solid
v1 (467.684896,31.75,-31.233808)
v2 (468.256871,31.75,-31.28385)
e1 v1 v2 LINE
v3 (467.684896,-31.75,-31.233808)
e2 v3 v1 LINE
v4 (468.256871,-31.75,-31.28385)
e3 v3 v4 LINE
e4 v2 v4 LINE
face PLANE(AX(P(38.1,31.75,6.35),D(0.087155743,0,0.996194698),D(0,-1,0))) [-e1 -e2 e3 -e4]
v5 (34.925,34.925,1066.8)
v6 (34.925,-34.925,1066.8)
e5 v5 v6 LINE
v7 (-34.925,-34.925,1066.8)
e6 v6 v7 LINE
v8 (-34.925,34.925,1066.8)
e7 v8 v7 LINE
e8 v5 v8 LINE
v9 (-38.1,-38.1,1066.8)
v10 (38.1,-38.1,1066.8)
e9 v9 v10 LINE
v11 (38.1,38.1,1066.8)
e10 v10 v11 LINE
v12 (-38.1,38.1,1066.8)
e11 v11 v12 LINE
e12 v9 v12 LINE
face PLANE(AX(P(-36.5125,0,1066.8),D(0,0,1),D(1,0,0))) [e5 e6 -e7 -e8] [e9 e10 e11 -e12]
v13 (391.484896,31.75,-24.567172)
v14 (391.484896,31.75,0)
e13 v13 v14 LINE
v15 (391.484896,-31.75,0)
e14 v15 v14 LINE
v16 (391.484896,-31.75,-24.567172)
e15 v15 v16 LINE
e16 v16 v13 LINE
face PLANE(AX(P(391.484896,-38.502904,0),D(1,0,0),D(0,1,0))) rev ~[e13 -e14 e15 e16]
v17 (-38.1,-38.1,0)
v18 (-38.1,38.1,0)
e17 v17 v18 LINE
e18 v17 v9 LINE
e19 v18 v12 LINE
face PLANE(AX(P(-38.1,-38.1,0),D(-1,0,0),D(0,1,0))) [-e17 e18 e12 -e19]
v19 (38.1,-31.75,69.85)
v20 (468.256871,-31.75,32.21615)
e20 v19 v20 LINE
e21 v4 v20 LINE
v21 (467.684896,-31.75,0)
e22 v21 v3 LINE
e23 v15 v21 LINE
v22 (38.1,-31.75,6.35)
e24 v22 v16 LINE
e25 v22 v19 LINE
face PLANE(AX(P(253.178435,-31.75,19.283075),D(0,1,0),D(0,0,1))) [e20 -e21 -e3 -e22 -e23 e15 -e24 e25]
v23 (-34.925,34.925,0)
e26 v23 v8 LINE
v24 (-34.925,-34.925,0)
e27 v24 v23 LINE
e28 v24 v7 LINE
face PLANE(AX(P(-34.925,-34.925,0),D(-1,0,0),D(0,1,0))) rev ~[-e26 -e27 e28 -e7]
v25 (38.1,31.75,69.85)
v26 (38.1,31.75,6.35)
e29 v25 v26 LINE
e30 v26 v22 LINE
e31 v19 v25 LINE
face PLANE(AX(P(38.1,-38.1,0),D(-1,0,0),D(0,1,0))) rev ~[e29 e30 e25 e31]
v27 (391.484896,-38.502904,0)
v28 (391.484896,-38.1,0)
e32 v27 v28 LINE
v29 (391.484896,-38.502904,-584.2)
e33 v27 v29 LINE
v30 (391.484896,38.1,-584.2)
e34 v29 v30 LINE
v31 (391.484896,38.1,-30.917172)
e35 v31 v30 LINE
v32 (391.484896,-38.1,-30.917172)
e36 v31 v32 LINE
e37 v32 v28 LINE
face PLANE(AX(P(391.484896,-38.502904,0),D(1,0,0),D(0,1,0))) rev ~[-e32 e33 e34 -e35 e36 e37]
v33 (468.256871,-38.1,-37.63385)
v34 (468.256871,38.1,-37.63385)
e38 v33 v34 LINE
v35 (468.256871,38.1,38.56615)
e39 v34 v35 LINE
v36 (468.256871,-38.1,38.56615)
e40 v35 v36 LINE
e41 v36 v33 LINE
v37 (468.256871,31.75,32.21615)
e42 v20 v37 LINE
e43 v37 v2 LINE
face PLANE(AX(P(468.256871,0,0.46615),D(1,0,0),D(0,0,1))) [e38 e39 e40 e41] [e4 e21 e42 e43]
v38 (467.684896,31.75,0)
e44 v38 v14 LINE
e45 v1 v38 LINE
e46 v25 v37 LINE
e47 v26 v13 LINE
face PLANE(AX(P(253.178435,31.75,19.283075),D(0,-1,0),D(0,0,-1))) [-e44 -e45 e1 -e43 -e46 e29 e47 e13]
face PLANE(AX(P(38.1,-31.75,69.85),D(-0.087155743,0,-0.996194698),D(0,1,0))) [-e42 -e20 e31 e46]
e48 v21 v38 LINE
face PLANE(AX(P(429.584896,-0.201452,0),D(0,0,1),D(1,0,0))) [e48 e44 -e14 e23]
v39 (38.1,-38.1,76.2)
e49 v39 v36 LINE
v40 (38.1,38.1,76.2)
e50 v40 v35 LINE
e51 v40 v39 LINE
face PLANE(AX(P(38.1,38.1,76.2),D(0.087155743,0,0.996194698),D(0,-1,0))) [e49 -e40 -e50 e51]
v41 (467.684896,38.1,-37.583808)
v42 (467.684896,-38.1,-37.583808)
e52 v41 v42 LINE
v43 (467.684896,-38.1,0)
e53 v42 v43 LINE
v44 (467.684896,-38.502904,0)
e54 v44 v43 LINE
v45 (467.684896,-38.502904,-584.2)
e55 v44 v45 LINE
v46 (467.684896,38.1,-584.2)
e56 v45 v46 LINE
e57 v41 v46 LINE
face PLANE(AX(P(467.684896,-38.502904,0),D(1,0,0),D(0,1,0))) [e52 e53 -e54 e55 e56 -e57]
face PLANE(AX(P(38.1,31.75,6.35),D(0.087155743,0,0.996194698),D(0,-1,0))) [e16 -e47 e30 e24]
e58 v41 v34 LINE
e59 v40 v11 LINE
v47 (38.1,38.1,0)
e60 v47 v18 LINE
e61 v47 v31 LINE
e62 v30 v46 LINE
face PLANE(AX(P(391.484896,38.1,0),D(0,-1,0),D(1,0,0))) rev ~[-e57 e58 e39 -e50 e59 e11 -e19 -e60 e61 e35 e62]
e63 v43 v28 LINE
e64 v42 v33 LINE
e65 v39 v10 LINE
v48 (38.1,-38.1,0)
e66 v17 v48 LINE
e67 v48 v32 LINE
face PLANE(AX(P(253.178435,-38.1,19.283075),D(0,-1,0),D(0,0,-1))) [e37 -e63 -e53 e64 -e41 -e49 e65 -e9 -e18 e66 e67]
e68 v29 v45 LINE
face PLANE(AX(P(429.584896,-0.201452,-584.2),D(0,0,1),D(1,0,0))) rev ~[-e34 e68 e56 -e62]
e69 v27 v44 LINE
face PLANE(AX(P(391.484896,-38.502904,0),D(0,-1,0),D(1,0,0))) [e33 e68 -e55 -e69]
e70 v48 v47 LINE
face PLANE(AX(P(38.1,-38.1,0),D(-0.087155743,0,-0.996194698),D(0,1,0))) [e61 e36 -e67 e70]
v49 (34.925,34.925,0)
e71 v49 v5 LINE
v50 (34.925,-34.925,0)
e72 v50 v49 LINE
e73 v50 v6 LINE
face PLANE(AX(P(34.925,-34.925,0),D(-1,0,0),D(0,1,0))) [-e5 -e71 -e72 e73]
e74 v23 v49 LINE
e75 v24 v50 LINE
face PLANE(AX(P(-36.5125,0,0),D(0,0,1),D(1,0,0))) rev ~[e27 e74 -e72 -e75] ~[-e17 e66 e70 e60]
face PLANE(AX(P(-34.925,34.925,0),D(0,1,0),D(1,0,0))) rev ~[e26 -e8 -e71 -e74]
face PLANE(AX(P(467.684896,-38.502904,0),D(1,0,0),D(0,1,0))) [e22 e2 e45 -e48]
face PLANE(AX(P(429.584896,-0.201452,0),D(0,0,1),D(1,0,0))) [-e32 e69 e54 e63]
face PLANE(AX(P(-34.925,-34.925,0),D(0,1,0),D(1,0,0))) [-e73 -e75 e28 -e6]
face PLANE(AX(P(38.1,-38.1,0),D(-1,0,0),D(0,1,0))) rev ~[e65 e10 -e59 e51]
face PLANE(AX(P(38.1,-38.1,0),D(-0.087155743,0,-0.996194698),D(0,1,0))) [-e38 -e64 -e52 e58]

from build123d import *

# Parameters (mm, degrees)
F0_W     = 3.175
F0_H     = 76.2
F0_W_2   = 69.85
F1_DEPTH = 1066.8
F5_W     = 69.85
F5_H     = 69.85
F6_DEPTH = 1066.801
F7_W     = 76.2
F7_H     = 76.6029041231
F8_DEPTH = 584.2


with BuildPart() as f1:
    # F0 (on Top) → F1 (new body)
    with BuildSketch(Plane.XY):
        with Locations((-36.5125, 0)):
            Rectangle(F0_W, F0_H)
        Rectangle(F0_W_2, F0_H)
        with Locations((36.5125, 0)):
            Rectangle(F0_W, F0_H)
    extrude(amount=F1_DEPTH)

    # F4: sweep along a path in F3
    with BuildLine(Plane.XZ) as f4_path:
        Line((38.2661430364, 38.2113192024), (468.4230136724, 0.577469484))
    # F2 (on face) → F4 (sweep)
    with BuildSketch(Plane.YZ.offset(38.1)):
        Polygon((-38.1, 0), (0, 0), (38.1, 0), (38.1, 76.2), (-38.1, 76.2), align=None)
        Polygon((31.75, 6.35), (0, 6.35), (-31.75, 6.35), (-31.75, 69.85), (31.75, 69.85), align=None, mode=Mode.SUBTRACT)
    sweep(path=f4_path.line)

    # F5 (on Top) → F6 (cut, through all)
    with BuildSketch(Plane.XY):
        Rectangle(F5_W, F5_H)
    extrude(amount=F6_DEPTH, mode=Mode.SUBTRACT)

    # F7 (on Top) → F8 (join)
    with BuildSketch(Plane.XY):
        with Locations((429.5848959012, -0.2014520615)):
            Rectangle(F7_W, F7_H)
    extrude(amount=-F8_DEPTH)


solid = f1.part
